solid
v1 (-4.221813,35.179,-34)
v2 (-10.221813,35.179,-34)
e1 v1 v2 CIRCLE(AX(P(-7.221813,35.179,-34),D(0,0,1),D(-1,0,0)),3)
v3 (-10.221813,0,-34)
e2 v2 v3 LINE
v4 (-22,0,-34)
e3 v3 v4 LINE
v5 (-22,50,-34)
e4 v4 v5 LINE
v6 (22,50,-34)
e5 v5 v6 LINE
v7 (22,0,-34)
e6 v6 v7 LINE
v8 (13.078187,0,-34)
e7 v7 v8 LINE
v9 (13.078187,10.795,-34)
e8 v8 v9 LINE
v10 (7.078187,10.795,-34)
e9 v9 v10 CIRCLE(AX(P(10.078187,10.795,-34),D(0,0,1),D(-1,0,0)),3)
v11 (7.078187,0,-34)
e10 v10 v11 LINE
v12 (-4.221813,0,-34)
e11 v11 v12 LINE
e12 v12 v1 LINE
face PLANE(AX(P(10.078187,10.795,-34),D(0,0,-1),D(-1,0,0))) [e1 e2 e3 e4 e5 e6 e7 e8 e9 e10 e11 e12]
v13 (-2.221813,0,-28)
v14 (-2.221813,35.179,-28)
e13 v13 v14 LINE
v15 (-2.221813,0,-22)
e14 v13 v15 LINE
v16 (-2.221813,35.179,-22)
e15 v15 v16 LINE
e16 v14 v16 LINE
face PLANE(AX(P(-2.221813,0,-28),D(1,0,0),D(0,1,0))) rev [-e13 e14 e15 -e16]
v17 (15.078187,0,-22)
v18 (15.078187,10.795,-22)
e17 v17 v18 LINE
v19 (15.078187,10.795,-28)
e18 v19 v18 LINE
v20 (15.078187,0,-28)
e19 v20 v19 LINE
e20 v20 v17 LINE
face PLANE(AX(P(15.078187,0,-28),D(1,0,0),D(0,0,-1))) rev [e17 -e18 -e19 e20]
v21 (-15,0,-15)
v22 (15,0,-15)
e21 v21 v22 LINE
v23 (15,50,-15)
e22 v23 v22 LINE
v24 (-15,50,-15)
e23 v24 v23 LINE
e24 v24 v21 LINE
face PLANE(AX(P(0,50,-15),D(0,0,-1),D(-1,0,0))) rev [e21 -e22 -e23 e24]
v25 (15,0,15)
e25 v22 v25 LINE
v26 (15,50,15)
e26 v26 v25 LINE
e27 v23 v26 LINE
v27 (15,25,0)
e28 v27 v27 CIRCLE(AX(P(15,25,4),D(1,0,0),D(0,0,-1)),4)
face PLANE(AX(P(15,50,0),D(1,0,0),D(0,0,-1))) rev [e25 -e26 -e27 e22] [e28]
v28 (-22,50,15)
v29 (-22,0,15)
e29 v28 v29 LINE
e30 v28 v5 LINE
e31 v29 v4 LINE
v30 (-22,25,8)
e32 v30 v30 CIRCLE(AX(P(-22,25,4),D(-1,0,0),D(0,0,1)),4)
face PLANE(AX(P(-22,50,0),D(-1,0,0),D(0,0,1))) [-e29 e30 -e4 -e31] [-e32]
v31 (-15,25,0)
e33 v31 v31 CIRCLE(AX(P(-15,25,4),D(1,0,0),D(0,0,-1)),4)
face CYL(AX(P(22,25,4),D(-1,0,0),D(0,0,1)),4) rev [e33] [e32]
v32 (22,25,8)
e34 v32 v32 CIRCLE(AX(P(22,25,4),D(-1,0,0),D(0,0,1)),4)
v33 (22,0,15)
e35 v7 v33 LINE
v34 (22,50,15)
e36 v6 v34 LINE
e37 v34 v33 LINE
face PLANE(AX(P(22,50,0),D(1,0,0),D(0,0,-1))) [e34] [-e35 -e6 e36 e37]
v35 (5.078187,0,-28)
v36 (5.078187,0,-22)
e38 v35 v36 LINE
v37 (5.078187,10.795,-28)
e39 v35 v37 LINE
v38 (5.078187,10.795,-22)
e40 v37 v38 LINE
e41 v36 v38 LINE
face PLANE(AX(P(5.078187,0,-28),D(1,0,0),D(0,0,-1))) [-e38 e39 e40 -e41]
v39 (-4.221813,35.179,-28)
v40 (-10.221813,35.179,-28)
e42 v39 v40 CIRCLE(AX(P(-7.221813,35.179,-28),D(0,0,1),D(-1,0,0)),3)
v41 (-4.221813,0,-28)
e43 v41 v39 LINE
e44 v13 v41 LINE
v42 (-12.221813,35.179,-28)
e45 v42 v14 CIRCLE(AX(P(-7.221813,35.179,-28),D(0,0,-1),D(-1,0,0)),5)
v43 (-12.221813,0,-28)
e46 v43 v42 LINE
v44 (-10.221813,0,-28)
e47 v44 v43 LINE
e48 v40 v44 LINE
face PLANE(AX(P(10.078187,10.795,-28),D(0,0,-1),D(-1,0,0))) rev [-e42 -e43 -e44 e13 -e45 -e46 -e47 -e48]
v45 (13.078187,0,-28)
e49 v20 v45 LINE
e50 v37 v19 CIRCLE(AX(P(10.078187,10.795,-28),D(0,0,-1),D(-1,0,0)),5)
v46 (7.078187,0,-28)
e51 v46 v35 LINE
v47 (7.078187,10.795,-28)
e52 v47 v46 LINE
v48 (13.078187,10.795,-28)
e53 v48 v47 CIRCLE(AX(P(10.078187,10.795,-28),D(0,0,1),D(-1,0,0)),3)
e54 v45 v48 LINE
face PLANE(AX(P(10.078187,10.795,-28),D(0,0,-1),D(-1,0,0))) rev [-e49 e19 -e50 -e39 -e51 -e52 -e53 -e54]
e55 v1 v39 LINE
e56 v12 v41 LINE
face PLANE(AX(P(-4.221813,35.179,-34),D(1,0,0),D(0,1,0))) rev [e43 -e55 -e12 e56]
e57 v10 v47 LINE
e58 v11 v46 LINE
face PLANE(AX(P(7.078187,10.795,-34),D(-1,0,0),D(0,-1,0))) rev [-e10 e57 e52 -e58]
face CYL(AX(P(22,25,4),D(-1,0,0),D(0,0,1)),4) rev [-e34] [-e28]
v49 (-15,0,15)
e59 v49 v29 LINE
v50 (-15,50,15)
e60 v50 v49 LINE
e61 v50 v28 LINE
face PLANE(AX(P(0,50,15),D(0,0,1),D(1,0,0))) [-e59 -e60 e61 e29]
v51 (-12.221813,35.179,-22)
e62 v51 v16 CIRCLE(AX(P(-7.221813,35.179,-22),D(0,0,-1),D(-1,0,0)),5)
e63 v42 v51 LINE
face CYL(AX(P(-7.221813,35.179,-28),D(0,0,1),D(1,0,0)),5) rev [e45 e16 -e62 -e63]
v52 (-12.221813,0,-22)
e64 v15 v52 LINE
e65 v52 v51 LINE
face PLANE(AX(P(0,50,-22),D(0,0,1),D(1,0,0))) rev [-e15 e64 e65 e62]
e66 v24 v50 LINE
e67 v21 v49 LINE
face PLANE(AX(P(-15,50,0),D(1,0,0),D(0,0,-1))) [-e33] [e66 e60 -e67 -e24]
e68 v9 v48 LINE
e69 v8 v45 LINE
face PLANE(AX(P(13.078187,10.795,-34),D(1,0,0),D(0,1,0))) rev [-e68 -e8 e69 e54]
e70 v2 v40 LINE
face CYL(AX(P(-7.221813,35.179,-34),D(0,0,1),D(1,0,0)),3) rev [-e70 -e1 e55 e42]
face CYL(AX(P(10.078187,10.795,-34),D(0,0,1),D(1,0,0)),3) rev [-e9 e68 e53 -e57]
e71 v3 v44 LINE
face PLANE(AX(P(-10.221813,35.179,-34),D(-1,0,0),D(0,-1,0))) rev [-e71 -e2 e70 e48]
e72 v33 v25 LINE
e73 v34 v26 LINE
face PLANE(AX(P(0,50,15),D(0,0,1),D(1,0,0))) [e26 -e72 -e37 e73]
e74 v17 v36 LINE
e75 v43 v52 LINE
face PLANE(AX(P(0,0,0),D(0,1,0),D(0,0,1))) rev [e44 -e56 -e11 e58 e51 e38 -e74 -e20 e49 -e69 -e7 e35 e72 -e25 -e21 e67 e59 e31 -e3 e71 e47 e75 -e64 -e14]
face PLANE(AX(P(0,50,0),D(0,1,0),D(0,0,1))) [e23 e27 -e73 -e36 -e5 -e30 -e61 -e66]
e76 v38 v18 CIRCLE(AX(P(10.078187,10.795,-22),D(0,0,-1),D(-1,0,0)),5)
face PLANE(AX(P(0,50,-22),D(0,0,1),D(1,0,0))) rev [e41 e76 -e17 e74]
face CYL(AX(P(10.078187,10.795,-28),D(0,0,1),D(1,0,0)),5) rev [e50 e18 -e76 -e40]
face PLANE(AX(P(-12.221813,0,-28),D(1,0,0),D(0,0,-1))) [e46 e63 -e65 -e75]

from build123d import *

# Parameters (mm, degrees)
SKETCH1_W           = 7
SKETCH1_H           = 30
BOSS_EXTRUDE1_DEPTH = 50
BOSS_EXTRUDE2_DEPTH = 6
BOSS_EXTRUDE3_DEPTH = 6
CUT_EXTRUDE1_DEPTH  = 75.779676383


with BuildPart() as part:
    # Sketch1 → Boss-Extrude1 (new body)
    with BuildSketch(Plane(origin=(0, 0, 0), x_dir=(1, 0, 0), z_dir=(0, 1, 0))):
        Polygon((-15, -15), (-15, 15), (-15, 22), (-22, 22), (-22, -15), align=None)
        Polygon((-15, 22), (-15, 15), (15, 15), (22, 15), (22, 22), align=None)
        with Locations((18.5, 0)):
            Rectangle(SKETCH1_W, SKETCH1_H)
    extrude(amount=BOSS_EXTRUDE1_DEPTH)

    # Sketch2 → Boss-Extrude2 (add)
    with BuildSketch(Plane(origin=(0, 0, -22), x_dir=(-1, 0, 0), z_dir=(0, 0, -1))):
        with BuildLine():
            Line((12.221813484, 35.179), (12.221813484, 0))
            Line((12.221813484, 0), (22, 0))
            Line((22, 0), (22, 50))
            Line((22, 50), (-22, 50))
            Line((-22, 50), (-22, 0))
            Line((-22, 0), (-15.078186516, 0))
            Line((-15.078186516, 0), (-15.078186516, 10.795))
            ThreePointArc((-15.078186516, 10.795), (-10.078186516, 15.795), (-5.078186516, 10.795))
            Line((-5.078186516, 10.795), (-5.078186516, 0))
            Line((-5.078186516, 0), (2.221813484, 0))
            Line((2.221813484, 0), (2.221813484, 35.179))
            ThreePointArc((2.221813484, 35.179), (7.221813484, 40.179), (12.221813484, 35.179))
        make_face()
    extrude(amount=BOSS_EXTRUDE2_DEPTH)

    # Sketch3 → Boss-Extrude3 (add)
    with BuildSketch(Plane(origin=(0, 0, -28), x_dir=(-1, 0, 0), z_dir=(0, 0, -1))):
        with BuildLine():
            Line((-7.078186516, 10.795), (-7.078186516, 0))
            Line((-7.078186516, 0), (4.221813484, 0))
            Line((4.221813484, 0), (4.221813484, 35.179))
            ThreePointArc((4.221813484, 35.179), (7.221813484, 38.179), (10.221813484, 35.179))
            Line((10.221813484, 35.179), (10.221813484, 0))
            Line((10.221813484, 0), (22, 0))
            Line((22, 0), (22, 50))
            Line((22, 50), (-22, 50))
            Line((-22, 50), (-22, 0))
            Line((-22, 0), (-13.078186516, 0))
            Line((-13.078186516, 0), (-13.078186516, 10.795))
            ThreePointArc((-13.078186516, 10.795), (-10.078186516, 13.795), (-7.078186516, 10.795))
        make_face()
    extrude(amount=BOSS_EXTRUDE3_DEPTH)

    # Sketch5 → Cut-Extrude1 (cut, through all)
    with BuildSketch(Plane.ZY.offset(22)):
        with BuildLine():
            ThreePointArc((0, 25), (1.171572875, 22.171572875), (4, 21))
            Line((4, 21), (4, 29))
            ThreePointArc((4, 29), (1.171572875, 27.828427125), (0, 25))
        make_face()
        with BuildLine():
            Line((4, 29), (4, 21))
            ThreePointArc((4, 21), (6.828427125, 22.171572875), (8, 25))
            ThreePointArc((8, 25), (6.828427125, 27.828427125), (4, 29))
        make_face()
    extrude(amount=-CUT_EXTRUDE1_DEPTH, mode=Mode.SUBTRACT)


solid = part.part
